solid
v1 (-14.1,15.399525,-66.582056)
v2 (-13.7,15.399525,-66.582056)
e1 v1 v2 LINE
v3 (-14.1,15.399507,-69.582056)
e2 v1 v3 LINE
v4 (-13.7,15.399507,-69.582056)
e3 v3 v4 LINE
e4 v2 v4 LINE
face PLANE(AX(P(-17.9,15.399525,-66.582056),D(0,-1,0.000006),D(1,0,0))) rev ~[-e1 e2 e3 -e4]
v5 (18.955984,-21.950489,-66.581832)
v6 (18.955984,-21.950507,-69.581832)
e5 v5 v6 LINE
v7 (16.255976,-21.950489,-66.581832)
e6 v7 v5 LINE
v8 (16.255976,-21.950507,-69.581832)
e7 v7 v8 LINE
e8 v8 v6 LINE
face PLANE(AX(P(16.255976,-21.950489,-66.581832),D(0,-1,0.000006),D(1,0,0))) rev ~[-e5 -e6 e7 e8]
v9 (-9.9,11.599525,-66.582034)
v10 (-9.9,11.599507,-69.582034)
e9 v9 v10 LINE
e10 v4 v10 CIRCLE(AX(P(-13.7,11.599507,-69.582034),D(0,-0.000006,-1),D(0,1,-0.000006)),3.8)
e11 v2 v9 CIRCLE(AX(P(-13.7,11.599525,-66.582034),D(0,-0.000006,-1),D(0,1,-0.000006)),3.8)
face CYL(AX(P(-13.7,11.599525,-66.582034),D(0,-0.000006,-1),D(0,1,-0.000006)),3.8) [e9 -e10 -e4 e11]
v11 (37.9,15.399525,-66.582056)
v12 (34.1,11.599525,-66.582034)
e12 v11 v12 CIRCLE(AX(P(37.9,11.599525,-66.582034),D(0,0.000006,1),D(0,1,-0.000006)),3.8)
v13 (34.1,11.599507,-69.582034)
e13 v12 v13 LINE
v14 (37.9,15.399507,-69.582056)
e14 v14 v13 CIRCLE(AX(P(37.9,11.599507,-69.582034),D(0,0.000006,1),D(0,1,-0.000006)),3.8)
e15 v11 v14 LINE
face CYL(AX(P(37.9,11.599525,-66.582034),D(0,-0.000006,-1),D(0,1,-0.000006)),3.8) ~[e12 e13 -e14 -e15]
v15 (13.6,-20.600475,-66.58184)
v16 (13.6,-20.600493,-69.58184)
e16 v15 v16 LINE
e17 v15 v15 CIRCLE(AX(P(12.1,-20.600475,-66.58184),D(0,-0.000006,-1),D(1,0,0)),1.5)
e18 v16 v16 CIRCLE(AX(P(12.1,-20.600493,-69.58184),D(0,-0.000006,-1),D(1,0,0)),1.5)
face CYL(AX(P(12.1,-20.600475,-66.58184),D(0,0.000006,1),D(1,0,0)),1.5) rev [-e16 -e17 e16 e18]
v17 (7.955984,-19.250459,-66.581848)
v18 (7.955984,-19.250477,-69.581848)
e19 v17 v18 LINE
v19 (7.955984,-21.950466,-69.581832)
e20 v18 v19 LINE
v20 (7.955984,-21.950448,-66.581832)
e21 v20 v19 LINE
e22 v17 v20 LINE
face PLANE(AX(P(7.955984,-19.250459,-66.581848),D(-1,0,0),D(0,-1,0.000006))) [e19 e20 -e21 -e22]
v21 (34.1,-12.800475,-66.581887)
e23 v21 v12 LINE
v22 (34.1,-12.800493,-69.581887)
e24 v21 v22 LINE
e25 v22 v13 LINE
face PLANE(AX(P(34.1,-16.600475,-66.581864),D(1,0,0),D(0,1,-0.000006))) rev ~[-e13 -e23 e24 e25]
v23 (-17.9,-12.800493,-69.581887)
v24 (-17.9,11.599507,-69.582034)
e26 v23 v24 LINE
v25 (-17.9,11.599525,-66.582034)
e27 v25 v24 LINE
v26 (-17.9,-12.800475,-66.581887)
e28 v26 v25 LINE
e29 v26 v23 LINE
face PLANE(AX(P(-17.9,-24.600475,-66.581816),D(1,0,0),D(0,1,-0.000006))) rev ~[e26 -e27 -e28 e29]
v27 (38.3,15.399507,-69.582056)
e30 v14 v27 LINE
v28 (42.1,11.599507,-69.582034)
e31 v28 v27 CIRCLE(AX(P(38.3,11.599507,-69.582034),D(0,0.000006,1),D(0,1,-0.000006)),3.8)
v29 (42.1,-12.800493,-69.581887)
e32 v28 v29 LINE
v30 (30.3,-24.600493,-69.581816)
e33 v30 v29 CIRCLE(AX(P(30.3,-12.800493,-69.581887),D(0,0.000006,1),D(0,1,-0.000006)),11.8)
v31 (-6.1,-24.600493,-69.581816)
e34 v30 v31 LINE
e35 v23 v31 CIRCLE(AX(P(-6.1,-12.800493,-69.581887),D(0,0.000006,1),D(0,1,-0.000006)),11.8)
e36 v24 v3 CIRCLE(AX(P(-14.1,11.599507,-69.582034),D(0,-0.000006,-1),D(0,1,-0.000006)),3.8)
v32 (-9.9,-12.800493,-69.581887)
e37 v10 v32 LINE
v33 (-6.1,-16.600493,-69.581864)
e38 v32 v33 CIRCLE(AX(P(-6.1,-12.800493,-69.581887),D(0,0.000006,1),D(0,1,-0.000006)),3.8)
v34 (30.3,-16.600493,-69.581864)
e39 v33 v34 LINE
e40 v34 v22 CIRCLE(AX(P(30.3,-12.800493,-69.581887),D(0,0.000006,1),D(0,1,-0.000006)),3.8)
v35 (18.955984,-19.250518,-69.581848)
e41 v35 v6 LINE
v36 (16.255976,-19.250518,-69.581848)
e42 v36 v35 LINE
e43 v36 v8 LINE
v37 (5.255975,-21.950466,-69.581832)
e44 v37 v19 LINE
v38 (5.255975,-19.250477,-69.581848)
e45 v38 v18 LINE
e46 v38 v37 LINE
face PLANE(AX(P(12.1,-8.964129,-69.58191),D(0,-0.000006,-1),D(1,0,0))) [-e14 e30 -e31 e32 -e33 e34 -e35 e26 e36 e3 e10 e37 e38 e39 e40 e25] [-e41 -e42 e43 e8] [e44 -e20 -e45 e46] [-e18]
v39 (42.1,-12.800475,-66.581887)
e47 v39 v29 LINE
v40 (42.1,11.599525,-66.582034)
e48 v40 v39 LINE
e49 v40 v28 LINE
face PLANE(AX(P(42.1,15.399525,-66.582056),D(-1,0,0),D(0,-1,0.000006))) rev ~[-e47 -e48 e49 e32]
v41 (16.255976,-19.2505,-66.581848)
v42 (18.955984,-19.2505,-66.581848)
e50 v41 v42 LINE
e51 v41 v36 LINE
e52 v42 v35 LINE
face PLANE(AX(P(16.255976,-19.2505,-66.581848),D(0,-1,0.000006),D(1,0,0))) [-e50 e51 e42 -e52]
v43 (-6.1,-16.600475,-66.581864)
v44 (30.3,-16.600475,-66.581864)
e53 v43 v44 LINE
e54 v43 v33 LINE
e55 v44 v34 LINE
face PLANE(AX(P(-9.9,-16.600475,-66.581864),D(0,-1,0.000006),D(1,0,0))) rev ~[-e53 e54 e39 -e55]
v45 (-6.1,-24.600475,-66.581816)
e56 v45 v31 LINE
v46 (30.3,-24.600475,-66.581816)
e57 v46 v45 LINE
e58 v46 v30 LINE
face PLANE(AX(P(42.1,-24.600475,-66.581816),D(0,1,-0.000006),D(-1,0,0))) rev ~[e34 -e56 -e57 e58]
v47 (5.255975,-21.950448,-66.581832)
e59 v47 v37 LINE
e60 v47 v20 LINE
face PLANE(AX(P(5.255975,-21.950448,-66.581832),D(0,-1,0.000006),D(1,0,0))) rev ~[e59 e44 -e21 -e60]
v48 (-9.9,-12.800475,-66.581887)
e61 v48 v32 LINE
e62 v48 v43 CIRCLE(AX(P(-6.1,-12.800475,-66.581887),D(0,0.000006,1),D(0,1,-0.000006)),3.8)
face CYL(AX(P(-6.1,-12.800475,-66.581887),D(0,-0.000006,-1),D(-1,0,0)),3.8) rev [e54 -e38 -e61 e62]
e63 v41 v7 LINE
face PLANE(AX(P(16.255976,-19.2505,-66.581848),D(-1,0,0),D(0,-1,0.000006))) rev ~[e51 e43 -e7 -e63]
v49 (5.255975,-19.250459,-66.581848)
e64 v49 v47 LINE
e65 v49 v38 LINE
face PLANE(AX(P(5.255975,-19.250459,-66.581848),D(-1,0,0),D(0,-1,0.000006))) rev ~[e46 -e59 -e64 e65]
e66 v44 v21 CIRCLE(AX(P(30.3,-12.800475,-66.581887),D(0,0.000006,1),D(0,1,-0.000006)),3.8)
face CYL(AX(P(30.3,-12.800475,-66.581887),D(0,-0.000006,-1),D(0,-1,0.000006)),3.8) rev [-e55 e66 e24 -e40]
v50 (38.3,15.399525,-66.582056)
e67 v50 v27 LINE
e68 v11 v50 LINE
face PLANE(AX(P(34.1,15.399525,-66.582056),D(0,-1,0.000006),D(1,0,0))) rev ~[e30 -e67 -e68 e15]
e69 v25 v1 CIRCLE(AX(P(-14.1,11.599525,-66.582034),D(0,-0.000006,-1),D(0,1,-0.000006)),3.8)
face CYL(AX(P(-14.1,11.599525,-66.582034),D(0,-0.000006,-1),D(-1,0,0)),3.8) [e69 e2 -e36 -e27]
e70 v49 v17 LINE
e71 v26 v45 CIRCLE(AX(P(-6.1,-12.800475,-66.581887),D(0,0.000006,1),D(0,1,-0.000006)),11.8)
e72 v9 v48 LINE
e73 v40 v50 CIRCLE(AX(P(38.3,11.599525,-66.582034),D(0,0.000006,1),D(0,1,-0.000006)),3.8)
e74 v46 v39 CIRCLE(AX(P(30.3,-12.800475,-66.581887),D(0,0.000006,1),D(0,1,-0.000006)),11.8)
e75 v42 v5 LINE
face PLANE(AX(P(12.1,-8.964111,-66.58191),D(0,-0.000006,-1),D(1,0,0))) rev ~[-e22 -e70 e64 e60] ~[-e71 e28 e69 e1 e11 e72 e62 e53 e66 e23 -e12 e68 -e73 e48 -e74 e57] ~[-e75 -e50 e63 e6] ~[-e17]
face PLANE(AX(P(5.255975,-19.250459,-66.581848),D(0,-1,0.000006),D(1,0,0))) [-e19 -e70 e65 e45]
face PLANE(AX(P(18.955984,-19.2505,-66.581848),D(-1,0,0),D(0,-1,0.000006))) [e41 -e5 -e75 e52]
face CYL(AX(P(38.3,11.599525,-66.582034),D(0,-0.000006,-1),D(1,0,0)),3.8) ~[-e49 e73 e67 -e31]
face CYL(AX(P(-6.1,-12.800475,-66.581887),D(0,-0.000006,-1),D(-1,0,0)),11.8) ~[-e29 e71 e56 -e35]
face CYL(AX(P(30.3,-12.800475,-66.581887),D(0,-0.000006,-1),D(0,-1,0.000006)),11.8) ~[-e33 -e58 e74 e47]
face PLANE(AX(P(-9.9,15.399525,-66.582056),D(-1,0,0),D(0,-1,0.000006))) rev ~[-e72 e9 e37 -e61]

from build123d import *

# Parameters (mm, degrees)
SKETCH_R    = 1.5
SKETCH_W    = 2.700009
SKETCH_H    = 2.699989
PAD_DEPTH   = 3
FILLET_R    = 3.8
FILLET001_R = 11.8


with BuildPart() as part:
    # Sketch (on Face9 of Binder004) → Pad (new body)
    with BuildSketch(Plane(origin=(0, 1.8e-05, 2.818036), x_dir=(1, 0, 0), z_dir=(0, -6e-06, -1))):
        Polygon((-30, 24.600493), (-30, -15.399507), (-22, -15.399507), (-22, 16.600493), (22, 16.600493), (22, -15.399507), (30, -15.399507), (30, 24.600493), align=None)
        with Locations((0, 20.600493)):
            Circle(SKETCH_R, mode=Mode.SUBTRACT)
        with Locations((-5.49402, 20.600472)):
            Rectangle(SKETCH_W, SKETCH_H, mode=Mode.SUBTRACT)
        with Locations((5.50598, 20.600513)):
            Rectangle(SKETCH_W, SKETCH_H, mode=Mode.SUBTRACT)
    extrude(amount=PAD_DEPTH)

    # Fillet
    fillet_edges = [part.edges().sort_by_distance(p)[0] for p in [
        (-30, 15.399516, 1.317937),
        (-22, 15.399516, 1.317937),
        (22, 15.399516, 1.317937),
        (30, 15.399516, 1.317937),
        (-22, -16.600484, 1.318144),
        (22, -16.600484, 1.318144),
    ]]
    fillet(fillet_edges, radius=FILLET_R)

    # Fillet001
    fillet001_edges = [part.edges().sort_by_distance(p)[0] for p in [
        (30, -24.600484, 1.318195),
        (-30, -24.600484, 1.318195),
    ]]
    fillet(fillet001_edges, radius=FILLET001_R)


with BuildPart() as part_1:
    # Body placement: moved
    add(part.part.moved(Location((12.1, 0, -69.4))))


solid = part_1.part
